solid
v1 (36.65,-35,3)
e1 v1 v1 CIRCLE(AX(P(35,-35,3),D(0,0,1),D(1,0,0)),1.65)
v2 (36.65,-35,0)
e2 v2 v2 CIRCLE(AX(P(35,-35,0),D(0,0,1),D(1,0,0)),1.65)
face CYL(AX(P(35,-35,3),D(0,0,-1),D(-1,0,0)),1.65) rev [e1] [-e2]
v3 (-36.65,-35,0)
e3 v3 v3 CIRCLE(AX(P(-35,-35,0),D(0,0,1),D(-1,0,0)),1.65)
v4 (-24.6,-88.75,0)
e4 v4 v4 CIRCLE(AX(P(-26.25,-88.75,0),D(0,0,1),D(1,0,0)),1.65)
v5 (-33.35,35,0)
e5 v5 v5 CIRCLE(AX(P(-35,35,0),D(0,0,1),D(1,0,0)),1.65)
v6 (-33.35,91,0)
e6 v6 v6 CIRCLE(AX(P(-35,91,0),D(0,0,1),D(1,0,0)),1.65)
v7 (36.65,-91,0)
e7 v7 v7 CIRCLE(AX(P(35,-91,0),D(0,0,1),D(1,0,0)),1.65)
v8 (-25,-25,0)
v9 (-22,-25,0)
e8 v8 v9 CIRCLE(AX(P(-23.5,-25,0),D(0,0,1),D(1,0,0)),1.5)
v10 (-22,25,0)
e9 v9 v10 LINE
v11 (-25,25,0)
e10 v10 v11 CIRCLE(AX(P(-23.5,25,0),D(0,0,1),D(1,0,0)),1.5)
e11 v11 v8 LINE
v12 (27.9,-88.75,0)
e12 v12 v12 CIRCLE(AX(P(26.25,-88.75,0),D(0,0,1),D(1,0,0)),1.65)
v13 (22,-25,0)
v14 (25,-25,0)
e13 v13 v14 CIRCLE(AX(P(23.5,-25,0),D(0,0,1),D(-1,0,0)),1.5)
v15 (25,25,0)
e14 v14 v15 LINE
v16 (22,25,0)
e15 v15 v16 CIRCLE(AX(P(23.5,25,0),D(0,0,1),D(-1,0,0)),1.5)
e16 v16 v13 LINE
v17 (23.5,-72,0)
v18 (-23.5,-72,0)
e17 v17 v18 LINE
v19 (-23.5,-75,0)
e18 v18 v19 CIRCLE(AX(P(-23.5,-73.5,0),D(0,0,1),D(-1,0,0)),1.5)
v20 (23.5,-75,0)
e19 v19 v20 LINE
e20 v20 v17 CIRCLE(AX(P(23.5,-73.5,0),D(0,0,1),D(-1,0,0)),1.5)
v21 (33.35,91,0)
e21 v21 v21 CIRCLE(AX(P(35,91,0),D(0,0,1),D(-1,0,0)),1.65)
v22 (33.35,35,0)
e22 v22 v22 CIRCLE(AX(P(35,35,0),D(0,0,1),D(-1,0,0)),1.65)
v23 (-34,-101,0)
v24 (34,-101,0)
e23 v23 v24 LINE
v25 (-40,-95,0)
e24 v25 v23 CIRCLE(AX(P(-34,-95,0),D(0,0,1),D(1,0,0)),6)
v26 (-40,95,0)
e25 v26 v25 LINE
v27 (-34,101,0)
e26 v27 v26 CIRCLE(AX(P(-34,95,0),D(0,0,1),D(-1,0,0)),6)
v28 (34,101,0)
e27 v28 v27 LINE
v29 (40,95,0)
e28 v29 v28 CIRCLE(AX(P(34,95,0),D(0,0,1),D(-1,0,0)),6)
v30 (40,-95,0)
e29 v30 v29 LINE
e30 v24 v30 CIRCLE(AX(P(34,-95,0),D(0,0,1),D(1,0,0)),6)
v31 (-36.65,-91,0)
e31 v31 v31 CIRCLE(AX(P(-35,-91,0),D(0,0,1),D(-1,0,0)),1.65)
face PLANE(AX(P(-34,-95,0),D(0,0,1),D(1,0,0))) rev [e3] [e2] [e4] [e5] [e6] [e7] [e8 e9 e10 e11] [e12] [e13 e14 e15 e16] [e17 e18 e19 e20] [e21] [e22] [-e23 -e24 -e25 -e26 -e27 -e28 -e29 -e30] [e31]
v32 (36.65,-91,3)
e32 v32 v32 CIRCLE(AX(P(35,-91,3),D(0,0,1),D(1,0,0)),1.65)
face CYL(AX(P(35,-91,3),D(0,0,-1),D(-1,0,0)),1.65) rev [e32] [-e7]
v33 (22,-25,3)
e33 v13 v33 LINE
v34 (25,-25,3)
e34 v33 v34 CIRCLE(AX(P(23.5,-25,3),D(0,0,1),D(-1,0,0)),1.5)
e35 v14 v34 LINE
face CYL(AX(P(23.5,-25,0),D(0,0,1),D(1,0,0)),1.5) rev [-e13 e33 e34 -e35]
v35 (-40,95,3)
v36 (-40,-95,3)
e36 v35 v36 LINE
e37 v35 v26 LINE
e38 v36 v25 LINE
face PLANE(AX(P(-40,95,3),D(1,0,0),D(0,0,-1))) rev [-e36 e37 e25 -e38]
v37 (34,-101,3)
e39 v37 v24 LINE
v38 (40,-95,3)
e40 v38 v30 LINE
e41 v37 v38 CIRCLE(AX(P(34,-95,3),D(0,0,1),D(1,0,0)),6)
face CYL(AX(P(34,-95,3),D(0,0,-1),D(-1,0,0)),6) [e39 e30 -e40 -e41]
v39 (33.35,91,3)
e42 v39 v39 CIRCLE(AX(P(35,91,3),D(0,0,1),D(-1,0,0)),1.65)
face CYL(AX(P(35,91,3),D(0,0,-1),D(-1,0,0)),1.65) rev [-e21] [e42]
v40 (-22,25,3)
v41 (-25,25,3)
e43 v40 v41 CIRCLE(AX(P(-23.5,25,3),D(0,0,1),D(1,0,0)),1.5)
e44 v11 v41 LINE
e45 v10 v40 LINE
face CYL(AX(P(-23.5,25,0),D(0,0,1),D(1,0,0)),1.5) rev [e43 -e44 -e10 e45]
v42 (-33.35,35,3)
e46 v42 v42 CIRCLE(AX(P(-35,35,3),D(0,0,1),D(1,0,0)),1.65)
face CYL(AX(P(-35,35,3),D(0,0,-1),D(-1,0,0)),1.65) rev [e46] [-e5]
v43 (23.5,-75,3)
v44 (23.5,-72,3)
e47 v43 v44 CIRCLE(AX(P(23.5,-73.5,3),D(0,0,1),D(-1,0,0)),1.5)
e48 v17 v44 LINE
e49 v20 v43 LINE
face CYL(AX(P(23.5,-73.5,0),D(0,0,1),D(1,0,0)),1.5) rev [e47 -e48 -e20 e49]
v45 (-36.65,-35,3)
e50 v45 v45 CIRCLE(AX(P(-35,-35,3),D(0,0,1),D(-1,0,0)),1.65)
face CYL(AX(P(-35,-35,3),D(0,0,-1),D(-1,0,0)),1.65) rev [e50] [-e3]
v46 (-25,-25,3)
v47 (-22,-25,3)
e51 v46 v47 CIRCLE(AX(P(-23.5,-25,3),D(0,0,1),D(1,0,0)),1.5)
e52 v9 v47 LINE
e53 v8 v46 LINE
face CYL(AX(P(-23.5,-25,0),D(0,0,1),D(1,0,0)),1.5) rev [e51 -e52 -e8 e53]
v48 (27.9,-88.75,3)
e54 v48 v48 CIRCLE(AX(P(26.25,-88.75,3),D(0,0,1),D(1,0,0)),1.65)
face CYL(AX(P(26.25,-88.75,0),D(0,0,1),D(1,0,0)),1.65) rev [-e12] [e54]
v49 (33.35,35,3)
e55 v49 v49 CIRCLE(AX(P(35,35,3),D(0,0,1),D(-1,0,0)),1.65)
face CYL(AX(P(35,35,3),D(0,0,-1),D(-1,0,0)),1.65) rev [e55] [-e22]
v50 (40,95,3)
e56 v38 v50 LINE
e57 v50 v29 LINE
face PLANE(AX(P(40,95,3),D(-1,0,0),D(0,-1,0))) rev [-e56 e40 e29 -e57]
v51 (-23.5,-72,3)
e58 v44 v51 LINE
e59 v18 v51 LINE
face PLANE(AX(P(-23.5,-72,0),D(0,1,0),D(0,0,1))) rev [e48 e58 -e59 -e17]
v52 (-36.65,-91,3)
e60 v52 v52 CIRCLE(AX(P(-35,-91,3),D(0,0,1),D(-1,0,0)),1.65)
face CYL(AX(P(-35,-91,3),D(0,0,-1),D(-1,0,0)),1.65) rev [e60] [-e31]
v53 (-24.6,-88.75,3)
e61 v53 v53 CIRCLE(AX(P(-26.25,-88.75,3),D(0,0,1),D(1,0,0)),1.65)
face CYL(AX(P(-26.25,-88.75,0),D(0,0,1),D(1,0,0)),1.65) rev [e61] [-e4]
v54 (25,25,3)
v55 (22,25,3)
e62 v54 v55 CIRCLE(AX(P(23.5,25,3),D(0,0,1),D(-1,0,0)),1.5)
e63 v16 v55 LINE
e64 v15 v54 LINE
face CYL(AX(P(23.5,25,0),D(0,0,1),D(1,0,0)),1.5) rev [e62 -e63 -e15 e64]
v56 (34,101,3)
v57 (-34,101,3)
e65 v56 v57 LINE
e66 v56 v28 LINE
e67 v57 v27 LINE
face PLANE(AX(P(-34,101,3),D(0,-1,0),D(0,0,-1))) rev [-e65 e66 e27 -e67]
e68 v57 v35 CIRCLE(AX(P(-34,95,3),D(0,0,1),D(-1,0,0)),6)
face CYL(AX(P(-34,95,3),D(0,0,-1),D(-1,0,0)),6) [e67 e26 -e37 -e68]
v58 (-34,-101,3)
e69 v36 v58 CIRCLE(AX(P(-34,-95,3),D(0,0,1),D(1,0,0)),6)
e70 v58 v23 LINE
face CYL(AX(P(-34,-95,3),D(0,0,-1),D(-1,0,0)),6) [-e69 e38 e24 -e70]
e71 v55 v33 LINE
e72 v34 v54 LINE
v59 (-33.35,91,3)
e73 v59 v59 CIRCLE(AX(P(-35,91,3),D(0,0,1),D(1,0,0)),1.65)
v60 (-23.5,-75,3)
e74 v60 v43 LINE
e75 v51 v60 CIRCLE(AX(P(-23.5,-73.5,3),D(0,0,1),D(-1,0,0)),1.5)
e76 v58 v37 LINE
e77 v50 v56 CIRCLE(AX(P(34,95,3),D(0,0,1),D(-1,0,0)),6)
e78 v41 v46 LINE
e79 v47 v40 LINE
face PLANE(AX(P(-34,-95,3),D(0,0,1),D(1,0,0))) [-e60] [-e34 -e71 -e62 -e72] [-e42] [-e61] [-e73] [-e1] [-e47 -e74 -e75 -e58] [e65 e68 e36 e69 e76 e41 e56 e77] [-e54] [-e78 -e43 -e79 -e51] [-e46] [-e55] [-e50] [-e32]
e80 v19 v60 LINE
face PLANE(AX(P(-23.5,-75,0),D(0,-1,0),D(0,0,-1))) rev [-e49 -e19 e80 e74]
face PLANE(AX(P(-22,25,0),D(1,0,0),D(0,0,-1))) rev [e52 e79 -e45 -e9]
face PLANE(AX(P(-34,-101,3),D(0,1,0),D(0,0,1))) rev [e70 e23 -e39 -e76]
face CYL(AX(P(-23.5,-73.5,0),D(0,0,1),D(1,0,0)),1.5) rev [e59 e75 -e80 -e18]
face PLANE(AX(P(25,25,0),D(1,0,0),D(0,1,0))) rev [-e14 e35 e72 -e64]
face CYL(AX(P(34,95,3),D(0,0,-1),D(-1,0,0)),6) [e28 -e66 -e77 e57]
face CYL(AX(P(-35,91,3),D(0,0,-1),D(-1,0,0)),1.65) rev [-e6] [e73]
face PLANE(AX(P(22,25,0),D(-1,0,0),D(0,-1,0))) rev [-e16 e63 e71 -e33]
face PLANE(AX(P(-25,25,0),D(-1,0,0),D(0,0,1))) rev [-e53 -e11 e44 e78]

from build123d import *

# Parameters (mm, degrees)
SKETCH_1_R          = 1.65
EXTRUDE_1_DEPTH     = 3
SKETCH_2_R          = 1.65
CUT_EXTRUDE_1_DEPTH = 109.673823895


with BuildPart() as part:
    # Эскиз1 → Бобышка-Вытянуть1 (new body)
    with BuildSketch(Plane.XY):
        with BuildLine():
            Line((-34, 101), (34, 101))
            ThreePointArc((34, 101), (38.242640687, 99.242640687), (40, 95))
            Line((40, 95), (40, -95))
            ThreePointArc((40, -95), (38.242640687, -99.242640687), (34, -101))
            Line((34, -101), (-34, -101))
            ThreePointArc((-34, -101), (-38.242640687, -99.242640687), (-40, -95))
            Line((-40, -95), (-40, 95))
            ThreePointArc((-40, 95), (-38.242640687, 99.242640687), (-34, 101))
        make_face()
        with Locations((-35, 91)):
            Circle(SKETCH_1_R, mode=Mode.SUBTRACT)
        with Locations((-35, 35)):
            Circle(SKETCH_1_R, mode=Mode.SUBTRACT)
        with Locations(Location((35, 35, 0), (0, 0, 180))):
            Circle(SKETCH_1_R, mode=Mode.SUBTRACT)
        with Locations(Location((35, 91, 0), (0, 0, 180))):
            Circle(SKETCH_1_R, mode=Mode.SUBTRACT)
        with Locations((35, -91)):
            Circle(SKETCH_1_R, mode=Mode.SUBTRACT)
        with Locations(Location((-35, -91, 0), (0, 0, 180))):
            Circle(SKETCH_1_R, mode=Mode.SUBTRACT)
        with Locations(Location((-35, -35, 0), (0, 0, 180))):
            Circle(SKETCH_1_R, mode=Mode.SUBTRACT)
        with Locations((35, -35)):
            Circle(SKETCH_1_R, mode=Mode.SUBTRACT)
    extrude(amount=EXTRUDE_1_DEPTH)

    # Эскиз2 → Вырез-Вытянуть1 (cut, through all)
    with BuildSketch(Plane.XY.offset(3)):
        with Locations((-26.25, -88.75)):
            Circle(SKETCH_2_R)
        with Locations((26.25, -88.75)):
            Circle(SKETCH_2_R)
        with BuildLine():
            Line((-22, 25), (-22, -25))
            ThreePointArc((-22, -25), (-23.5, -26.5), (-25, -25))
            Line((-25, -25), (-25, 25))
            ThreePointArc((-25, 25), (-23.5, 26.5), (-22, 25))
        make_face()
        with BuildLine():
            Line((22, 25), (22, -25))
            ThreePointArc((22, -25), (23.5, -26.5), (25, -25))
            Line((25, -25), (25, 25))
            ThreePointArc((25, 25), (23.5, 26.5), (22, 25))
        make_face()
        with BuildLine():
            Line((-23.5, -75), (23.5, -75))
            ThreePointArc((23.5, -75), (25, -73.5), (23.5, -72))
            Line((23.5, -72), (-23.5, -72))
            ThreePointArc((-23.5, -72), (-25, -73.5), (-23.5, -75))
        make_face()
    extrude(amount=-CUT_EXTRUDE_1_DEPTH, mode=Mode.SUBTRACT)


solid = part.part
